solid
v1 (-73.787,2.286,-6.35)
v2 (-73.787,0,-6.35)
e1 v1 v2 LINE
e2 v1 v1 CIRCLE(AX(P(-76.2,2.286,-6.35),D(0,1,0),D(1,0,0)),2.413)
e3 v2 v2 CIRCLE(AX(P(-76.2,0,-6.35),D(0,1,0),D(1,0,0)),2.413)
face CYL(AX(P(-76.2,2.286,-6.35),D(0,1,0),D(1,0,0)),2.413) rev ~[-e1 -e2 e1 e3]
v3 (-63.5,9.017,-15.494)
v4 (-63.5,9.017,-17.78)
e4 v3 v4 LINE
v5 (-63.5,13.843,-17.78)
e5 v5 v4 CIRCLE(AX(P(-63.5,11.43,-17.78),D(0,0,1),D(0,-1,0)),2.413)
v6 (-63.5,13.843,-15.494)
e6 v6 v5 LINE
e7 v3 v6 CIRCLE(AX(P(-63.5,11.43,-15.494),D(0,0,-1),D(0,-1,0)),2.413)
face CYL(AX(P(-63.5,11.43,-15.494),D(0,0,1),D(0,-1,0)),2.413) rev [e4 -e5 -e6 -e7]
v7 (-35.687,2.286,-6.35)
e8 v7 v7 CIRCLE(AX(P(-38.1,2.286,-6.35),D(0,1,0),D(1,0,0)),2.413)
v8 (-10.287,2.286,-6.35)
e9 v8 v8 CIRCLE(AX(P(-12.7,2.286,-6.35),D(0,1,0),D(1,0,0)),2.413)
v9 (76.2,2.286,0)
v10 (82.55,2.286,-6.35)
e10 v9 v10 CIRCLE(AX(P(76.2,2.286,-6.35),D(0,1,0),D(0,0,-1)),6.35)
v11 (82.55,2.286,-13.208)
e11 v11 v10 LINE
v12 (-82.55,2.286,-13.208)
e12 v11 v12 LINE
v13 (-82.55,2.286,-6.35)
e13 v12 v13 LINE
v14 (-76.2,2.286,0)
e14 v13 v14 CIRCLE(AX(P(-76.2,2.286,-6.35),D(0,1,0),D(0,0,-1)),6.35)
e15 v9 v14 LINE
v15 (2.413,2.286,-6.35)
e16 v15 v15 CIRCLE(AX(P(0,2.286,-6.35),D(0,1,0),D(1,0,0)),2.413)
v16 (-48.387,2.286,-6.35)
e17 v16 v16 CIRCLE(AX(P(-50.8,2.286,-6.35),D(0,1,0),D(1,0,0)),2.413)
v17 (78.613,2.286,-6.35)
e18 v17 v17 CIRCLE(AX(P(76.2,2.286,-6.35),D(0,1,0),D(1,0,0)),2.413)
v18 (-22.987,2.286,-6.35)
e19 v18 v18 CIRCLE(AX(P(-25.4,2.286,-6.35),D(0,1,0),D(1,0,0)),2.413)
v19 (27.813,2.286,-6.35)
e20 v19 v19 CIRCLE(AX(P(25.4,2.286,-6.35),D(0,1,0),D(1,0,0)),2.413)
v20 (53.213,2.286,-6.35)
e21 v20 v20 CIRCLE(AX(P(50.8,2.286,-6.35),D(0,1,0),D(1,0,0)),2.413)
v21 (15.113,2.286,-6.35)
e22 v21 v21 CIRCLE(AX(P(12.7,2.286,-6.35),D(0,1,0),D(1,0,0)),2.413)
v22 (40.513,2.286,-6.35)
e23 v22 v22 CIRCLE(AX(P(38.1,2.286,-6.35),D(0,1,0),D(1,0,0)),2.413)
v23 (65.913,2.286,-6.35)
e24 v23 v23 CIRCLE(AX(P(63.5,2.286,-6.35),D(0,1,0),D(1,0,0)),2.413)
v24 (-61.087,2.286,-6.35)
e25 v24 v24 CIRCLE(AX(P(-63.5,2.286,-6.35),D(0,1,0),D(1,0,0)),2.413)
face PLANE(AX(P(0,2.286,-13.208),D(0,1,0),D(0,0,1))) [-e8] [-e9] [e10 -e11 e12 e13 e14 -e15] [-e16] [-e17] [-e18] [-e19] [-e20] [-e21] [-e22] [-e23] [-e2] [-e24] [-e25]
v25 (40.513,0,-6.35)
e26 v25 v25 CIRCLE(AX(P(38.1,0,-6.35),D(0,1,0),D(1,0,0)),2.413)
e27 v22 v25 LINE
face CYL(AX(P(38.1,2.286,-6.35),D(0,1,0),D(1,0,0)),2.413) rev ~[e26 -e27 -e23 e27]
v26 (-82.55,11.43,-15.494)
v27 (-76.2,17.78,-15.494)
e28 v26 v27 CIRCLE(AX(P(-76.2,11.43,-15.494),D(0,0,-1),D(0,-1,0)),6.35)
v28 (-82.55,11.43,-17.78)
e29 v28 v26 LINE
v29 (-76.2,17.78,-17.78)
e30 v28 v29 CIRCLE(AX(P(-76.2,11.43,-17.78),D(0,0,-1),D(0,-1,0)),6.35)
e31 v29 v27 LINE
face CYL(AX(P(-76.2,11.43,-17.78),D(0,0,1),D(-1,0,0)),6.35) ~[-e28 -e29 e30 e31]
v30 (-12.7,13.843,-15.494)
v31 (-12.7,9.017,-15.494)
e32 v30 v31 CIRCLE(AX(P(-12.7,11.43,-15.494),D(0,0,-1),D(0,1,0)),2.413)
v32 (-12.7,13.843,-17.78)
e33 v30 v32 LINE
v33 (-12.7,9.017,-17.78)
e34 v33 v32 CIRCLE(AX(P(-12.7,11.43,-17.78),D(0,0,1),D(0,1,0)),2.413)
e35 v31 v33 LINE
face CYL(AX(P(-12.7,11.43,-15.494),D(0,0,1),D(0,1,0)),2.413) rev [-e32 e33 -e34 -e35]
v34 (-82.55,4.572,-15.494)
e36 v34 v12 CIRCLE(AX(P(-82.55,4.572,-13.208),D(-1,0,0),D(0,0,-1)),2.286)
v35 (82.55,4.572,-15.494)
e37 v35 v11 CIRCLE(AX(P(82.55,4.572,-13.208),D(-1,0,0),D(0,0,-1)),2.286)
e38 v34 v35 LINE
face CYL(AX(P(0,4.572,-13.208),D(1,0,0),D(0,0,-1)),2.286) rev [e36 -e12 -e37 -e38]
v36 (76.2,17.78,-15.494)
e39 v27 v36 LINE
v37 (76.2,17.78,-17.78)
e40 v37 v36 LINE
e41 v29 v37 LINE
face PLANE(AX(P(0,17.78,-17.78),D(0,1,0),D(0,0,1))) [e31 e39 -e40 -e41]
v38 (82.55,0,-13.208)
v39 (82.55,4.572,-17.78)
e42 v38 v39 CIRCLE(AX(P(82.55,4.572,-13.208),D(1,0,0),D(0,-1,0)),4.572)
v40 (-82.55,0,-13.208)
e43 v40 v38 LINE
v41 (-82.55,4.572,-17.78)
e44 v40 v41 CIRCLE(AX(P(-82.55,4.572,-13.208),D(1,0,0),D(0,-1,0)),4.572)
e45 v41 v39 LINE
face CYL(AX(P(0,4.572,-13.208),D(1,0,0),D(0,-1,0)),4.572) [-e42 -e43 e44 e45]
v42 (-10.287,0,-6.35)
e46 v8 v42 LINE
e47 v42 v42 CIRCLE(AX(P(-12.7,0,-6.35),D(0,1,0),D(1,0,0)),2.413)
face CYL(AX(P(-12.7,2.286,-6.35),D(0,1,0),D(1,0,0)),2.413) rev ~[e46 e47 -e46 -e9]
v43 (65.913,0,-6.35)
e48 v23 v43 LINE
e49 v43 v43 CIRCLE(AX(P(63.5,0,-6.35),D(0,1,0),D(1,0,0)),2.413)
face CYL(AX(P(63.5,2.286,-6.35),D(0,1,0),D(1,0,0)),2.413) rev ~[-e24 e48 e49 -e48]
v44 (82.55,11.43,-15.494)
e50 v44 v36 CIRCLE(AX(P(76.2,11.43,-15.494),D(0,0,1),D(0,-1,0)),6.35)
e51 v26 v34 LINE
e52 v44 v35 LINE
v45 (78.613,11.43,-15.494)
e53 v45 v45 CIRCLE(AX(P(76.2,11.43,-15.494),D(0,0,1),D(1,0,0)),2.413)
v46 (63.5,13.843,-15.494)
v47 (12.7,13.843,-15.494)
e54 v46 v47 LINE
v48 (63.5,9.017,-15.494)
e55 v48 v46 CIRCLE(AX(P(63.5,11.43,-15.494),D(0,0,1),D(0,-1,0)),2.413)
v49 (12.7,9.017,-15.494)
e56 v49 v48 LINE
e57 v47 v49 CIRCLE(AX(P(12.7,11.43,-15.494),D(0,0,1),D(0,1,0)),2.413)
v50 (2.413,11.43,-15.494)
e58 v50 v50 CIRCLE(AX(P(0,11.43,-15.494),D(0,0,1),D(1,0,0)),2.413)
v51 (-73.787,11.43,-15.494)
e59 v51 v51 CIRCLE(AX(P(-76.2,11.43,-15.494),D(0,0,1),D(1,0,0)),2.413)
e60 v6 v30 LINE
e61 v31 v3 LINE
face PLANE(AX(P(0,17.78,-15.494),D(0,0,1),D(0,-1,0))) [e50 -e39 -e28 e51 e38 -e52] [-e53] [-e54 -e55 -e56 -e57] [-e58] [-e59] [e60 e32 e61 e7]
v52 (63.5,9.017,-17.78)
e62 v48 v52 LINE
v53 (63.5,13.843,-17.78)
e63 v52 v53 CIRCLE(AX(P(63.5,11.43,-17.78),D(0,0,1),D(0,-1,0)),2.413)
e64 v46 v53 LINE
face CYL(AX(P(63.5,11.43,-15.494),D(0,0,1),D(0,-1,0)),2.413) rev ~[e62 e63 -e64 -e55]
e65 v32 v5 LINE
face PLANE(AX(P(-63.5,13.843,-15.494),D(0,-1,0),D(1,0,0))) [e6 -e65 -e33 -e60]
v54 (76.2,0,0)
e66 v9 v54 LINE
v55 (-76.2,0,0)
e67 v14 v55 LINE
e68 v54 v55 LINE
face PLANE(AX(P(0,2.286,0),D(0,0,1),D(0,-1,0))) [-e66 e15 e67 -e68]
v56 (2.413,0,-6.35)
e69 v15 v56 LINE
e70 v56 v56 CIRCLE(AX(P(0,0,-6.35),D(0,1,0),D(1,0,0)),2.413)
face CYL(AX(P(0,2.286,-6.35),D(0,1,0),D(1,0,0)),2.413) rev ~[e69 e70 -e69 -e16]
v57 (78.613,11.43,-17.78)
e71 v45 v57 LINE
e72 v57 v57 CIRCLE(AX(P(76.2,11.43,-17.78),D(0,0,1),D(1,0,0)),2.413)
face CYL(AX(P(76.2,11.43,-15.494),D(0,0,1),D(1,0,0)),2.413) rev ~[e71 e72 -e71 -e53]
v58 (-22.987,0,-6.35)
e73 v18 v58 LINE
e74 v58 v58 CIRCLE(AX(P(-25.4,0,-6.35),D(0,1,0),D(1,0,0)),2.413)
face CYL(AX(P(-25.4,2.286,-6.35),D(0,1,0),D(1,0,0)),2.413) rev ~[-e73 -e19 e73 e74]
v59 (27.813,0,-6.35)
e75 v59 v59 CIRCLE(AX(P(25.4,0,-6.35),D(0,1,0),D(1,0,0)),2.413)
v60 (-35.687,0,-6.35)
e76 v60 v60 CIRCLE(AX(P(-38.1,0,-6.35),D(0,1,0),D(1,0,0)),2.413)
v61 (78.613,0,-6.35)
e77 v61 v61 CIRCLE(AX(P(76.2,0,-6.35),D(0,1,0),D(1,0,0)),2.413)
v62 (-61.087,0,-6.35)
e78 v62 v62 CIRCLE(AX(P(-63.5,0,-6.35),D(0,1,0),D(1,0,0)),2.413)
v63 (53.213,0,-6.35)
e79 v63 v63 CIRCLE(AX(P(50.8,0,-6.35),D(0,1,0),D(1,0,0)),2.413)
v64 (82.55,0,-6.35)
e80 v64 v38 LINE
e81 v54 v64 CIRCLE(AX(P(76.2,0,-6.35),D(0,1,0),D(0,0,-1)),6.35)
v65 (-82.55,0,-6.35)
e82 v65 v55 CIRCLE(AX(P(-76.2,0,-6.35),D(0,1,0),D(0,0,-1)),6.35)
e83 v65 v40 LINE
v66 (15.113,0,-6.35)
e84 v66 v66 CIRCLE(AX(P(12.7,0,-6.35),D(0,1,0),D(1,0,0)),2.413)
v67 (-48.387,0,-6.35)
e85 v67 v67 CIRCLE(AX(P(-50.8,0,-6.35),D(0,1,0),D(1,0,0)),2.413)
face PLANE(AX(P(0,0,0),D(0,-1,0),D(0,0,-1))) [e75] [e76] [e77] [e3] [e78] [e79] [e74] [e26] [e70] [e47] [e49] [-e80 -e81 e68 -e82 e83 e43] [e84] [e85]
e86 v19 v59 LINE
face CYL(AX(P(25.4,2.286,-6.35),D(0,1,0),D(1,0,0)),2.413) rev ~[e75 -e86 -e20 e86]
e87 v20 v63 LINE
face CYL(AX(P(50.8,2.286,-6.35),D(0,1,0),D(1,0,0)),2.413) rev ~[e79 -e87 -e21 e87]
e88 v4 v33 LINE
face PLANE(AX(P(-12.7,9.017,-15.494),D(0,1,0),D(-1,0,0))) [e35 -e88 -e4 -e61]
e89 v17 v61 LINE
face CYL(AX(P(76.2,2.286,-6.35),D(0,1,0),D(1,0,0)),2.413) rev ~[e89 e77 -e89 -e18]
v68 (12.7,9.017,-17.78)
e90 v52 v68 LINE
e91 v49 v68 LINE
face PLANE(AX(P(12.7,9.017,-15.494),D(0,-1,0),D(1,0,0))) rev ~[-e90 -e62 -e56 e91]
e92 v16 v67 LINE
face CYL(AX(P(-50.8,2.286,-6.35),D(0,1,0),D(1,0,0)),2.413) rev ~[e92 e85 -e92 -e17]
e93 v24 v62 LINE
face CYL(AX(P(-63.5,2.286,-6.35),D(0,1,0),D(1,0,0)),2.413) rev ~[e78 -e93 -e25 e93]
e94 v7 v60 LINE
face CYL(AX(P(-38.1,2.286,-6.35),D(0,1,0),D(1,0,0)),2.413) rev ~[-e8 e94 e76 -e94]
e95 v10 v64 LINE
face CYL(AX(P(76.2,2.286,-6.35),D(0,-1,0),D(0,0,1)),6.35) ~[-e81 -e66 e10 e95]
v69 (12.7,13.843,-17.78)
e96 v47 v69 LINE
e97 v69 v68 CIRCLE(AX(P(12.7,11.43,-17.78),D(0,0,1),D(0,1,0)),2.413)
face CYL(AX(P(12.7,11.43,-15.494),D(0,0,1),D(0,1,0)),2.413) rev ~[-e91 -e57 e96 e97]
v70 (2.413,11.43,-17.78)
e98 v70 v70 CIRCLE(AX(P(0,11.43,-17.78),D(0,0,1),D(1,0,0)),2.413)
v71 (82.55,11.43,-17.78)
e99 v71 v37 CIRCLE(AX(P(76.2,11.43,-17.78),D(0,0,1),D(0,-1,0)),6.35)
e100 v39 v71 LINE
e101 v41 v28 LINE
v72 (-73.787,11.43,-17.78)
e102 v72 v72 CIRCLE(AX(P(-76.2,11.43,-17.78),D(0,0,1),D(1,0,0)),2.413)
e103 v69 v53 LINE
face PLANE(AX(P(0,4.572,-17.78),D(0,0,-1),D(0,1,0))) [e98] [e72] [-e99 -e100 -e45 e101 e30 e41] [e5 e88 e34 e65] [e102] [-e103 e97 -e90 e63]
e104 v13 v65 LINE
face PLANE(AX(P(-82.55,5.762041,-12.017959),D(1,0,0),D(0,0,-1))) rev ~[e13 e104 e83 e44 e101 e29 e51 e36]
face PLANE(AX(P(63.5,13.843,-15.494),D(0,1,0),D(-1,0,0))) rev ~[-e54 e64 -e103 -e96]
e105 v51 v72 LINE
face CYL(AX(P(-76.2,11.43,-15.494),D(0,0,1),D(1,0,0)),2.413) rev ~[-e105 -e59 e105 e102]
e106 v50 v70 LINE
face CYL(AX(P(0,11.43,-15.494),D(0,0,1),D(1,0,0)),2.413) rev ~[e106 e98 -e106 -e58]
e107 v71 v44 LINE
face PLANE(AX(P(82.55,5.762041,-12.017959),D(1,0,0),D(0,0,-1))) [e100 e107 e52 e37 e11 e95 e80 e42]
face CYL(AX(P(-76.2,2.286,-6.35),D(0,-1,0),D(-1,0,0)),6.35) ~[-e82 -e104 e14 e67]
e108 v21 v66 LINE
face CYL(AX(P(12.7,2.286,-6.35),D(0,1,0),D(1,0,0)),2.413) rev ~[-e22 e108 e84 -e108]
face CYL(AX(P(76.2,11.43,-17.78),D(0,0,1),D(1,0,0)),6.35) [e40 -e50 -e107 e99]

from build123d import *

# Parameters (mm, degrees)
EXTRUDE_THIN1_DEPTH = 82.55
SKETCH2_R           = 2.413
CUT_EXTRUDE1_DEPTH  = 3.286
LPATTERN1_COUNT     = 13
LPATTERN1_PITCH     = 12.7
FILLET1_R           = 6.35
SKETCH3_R           = 2.413
CUT_EXTRUDE2_DEPTH  = 3.286
LPATTERN2_COUNT     = 3
LPATTERN2_PITCH     = 76.2
CUT_EXTRUDE3_DEPTH  = 3.286


with BuildPart() as part:
    # Sketch1 → Extrude-Thin1 (new body, symmetric)
    with BuildSketch(Plane(origin=(0, 0, 0), x_dir=(0, 0, -1), z_dir=(1, 0, 0))):
        with BuildLine():
            Line((0, 0), (13.208, 0))
            ThreePointArc((13.208, 0), (16.440892204, 1.339107796), (17.78, 4.572))
            Line((17.78, 4.572), (17.78, 17.78))
            Line((17.78, 17.78), (15.494, 17.78))
            Line((15.494, 17.78), (15.494, 4.572))
            ThreePointArc((15.494, 4.572), (14.824446102, 2.955553898), (13.208, 2.286))
            Line((13.208, 2.286), (0, 2.286))
            Line((0, 2.286), (0, 0))
        make_face()
    extrude(amount=EXTRUDE_THIN1_DEPTH, both=True)

    # Sketch2 → Cut-Extrude1 (cut, through all)
    with BuildSketch(Plane(origin=(0, 2.286, 0), x_dir=(1, 0, 0), z_dir=(0, 1, 0))):
        with Locations((-76.2, 6.35)):
            Circle(SKETCH2_R)
    cut_extrude1 = extrude(amount=-CUT_EXTRUDE1_DEPTH, mode=Mode.SUBTRACT)

    # LPattern1: Cut-Extrude1 ×13
    with Locations(*[(i * LPATTERN1_PITCH, 0, 0) for i in range(1, LPATTERN1_COUNT)]):
        add(cut_extrude1, mode=Mode.SUBTRACT)

    # Fillet1
    fillet1_edges = [part.edges().sort_by_distance(p)[0] for p in [
        (82.55, 1.143, 0),
        (82.55, 17.78, -16.637),
        (-82.55, 1.143, 0),
        (-82.55, 17.78, -16.637),
    ]]
    fillet(fillet1_edges, radius=FILLET1_R)

    # Sketch3 → Cut-Extrude2 (cut, through all)
    with BuildSketch(Plane.XY.offset(-15.494)):
        with Locations((-76.2, 11.43)):
            Circle(SKETCH3_R)
    cut_extrude2 = extrude(amount=-CUT_EXTRUDE2_DEPTH, mode=Mode.SUBTRACT)

    # LPattern2: Cut-Extrude2 ×3
    with Locations(*[(i * LPATTERN2_PITCH, 0, 0) for i in range(1, LPATTERN2_COUNT)]):
        add(cut_extrude2, mode=Mode.SUBTRACT)

    # Sketch4 → Cut-Extrude3 (cut, through all)
    with BuildSketch(Plane.XY.offset(-15.494)):
        with BuildLine():
            Line((-63.5, 13.843), (-12.7, 13.843))
            ThreePointArc((-12.7, 13.843), (-10.287, 11.43), (-12.7, 9.017))
            Line((-12.7, 9.017), (-63.5, 9.017))
            ThreePointArc((-63.5, 9.017), (-65.913, 11.43), (-63.5, 13.843))
        make_face()
        with BuildLine():
            Line((63.5, 13.843), (12.7, 13.843))
            ThreePointArc((12.7, 13.843), (10.287, 11.43), (12.7, 9.017))
            Line((12.7, 9.017), (63.5, 9.017))
            ThreePointArc((63.5, 9.017), (65.913, 11.43), (63.5, 13.843))
        make_face()
    extrude(amount=-CUT_EXTRUDE3_DEPTH, mode=Mode.SUBTRACT)


solid = part.part
